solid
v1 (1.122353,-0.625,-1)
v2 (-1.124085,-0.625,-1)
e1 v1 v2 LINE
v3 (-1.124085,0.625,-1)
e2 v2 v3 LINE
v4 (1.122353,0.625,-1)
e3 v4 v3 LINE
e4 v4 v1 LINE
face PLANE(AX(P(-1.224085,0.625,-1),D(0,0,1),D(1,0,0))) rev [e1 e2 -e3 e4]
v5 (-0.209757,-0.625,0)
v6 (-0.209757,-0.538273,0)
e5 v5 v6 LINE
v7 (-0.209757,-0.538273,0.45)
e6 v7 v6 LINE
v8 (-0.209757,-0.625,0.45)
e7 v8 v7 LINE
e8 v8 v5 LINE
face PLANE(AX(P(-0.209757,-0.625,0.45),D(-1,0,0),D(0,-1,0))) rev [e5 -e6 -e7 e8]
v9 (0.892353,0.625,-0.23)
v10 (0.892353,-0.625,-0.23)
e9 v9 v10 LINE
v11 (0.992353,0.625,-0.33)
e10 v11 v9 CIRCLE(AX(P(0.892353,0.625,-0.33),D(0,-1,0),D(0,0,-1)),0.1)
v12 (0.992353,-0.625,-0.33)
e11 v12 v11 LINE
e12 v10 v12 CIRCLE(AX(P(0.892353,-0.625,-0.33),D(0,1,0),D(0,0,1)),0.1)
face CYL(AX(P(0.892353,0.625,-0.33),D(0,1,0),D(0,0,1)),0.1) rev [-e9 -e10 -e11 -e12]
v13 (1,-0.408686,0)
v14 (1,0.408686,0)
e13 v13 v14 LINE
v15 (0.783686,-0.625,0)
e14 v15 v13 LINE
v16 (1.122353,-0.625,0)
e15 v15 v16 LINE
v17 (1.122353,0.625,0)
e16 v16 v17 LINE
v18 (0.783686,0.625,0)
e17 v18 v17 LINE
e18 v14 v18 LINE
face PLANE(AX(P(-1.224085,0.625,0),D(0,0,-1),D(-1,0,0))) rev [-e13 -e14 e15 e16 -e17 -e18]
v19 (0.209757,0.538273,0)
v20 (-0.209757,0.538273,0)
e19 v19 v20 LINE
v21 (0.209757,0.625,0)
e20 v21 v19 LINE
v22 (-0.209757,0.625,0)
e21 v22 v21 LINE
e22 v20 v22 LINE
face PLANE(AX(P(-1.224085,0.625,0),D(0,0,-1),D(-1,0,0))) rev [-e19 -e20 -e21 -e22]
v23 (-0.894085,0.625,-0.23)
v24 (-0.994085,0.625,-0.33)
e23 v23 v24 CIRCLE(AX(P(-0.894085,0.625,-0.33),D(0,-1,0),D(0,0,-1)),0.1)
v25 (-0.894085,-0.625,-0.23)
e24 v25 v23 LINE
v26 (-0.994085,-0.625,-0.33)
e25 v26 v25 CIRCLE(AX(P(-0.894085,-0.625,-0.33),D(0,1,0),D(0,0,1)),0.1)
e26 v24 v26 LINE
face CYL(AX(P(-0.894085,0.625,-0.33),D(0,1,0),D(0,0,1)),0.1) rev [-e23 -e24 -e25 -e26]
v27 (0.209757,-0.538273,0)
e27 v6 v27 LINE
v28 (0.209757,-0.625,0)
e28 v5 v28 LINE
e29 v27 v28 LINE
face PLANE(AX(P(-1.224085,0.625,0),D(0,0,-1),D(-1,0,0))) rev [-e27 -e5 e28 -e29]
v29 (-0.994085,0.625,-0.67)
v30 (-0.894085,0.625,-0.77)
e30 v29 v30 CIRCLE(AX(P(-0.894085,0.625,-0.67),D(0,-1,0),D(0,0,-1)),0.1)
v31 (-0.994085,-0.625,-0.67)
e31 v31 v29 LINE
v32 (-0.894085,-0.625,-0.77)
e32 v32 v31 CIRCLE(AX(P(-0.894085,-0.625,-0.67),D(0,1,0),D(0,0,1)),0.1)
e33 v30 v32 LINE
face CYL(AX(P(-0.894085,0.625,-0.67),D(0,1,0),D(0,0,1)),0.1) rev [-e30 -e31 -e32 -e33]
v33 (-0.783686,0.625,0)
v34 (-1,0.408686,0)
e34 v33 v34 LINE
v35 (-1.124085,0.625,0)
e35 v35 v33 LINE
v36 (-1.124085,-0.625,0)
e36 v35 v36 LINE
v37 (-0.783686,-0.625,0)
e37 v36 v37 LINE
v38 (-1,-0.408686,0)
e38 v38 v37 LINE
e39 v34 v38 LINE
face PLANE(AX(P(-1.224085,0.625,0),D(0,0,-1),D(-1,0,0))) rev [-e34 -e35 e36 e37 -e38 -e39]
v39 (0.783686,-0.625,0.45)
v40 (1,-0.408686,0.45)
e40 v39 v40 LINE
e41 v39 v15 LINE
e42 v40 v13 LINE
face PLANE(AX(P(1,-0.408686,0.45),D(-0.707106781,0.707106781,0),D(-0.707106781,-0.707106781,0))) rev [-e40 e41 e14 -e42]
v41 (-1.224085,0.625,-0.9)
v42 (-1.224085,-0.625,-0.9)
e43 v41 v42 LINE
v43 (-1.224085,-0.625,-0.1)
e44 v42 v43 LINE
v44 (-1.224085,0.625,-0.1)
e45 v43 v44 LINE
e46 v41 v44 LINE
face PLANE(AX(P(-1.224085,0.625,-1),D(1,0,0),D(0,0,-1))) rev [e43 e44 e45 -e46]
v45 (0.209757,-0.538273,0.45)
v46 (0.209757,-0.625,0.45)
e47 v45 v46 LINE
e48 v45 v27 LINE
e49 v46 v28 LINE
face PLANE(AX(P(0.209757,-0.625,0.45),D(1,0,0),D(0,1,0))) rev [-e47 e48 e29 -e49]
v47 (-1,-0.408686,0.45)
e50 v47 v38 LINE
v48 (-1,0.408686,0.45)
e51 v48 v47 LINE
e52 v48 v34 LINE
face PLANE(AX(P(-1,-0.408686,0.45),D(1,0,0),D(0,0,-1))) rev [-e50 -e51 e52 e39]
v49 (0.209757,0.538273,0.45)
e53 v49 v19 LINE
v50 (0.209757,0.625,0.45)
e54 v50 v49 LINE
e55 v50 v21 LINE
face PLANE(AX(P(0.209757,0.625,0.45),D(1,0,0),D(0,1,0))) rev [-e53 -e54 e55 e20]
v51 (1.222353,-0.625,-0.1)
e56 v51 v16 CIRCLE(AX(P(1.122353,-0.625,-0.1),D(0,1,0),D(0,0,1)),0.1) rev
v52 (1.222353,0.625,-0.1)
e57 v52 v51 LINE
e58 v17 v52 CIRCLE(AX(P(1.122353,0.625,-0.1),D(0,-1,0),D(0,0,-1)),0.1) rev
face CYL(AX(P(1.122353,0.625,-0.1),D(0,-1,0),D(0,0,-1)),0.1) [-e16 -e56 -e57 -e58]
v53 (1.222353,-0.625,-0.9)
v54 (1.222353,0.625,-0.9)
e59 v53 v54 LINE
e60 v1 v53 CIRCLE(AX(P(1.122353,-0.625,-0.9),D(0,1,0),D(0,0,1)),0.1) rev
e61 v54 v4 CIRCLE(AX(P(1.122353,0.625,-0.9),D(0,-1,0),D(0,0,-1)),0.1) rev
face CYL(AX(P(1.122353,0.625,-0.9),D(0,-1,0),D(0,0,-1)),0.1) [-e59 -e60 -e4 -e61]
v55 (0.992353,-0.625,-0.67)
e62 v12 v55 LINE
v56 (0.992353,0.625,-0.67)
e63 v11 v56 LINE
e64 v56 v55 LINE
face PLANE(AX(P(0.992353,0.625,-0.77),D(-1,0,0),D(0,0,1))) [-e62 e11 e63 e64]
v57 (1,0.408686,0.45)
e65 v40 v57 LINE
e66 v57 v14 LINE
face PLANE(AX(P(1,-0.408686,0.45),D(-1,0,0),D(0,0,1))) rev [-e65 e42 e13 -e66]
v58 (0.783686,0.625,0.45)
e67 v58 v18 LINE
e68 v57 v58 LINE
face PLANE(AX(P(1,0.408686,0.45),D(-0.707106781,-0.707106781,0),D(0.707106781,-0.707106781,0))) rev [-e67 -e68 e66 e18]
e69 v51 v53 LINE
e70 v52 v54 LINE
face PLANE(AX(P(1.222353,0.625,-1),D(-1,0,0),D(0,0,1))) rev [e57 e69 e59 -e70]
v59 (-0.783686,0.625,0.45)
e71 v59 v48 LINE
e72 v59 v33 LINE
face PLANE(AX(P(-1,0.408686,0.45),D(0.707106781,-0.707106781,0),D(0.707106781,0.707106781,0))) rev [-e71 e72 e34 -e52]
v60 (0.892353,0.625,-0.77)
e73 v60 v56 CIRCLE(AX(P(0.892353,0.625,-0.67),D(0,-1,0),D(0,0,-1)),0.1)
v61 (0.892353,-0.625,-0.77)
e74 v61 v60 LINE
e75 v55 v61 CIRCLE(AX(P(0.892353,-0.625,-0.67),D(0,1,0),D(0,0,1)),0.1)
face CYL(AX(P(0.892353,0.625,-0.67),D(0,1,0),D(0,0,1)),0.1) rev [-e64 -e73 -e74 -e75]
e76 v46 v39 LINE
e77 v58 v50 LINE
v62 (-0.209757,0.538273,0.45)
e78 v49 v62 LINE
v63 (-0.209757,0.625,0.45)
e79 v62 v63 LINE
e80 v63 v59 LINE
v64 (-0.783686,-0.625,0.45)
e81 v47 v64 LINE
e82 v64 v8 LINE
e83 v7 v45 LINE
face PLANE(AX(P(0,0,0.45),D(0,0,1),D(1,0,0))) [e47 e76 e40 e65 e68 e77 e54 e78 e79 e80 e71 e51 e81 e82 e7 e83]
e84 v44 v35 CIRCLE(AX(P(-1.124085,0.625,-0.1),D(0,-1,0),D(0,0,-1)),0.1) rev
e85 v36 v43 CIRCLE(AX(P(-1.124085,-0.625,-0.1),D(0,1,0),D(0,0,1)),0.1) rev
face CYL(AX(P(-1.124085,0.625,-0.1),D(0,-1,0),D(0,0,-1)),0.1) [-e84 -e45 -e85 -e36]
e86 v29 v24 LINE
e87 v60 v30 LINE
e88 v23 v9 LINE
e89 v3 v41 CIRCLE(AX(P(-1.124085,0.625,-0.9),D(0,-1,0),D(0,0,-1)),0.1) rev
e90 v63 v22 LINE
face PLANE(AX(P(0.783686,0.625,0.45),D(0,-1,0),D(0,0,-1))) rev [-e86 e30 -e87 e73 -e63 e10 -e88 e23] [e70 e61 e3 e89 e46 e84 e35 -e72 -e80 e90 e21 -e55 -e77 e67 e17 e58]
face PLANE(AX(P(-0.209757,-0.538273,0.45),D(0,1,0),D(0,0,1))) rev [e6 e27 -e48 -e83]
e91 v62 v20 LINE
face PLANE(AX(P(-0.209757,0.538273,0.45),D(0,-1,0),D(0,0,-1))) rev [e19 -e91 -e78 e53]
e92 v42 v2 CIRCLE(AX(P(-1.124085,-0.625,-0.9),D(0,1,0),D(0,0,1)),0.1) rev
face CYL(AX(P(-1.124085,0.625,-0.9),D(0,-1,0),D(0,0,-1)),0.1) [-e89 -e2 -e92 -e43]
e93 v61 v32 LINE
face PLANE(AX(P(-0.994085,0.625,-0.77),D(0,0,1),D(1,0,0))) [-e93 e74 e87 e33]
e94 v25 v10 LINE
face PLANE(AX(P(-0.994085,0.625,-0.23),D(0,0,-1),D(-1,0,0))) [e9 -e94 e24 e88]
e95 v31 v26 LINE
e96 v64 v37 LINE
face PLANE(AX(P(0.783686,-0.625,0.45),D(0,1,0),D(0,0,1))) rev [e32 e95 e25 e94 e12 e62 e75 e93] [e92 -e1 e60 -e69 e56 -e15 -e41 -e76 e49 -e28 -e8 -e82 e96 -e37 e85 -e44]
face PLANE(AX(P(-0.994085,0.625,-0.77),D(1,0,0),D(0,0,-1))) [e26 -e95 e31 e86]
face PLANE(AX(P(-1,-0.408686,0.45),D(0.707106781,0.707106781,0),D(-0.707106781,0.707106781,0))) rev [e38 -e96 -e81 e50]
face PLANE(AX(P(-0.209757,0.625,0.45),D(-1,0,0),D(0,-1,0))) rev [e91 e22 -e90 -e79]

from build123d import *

# Parameters (mm, degrees)
BOSS_EXTRUDE1_DEPTH = 0.45
SKETCH3_W           = 2.44643867
SKETCH3_H           = 1
SKETCH3_W_2         = 1.98643867
SKETCH3_H_2         = 0.54
BOSS_EXTRUDE2_DEPTH = 0.625
FILLET1_R           = 0.1


with BuildPart() as part:
    # Sketch2 → Boss-Extrude1 (new body)
    with BuildSketch(Plane.XY):
        Polygon((-1, -0.408686365), (-1, 0.408686365), (-0.783686365, 0.625), (-0.209757083, 0.625), (-0.209757083, 0.53827251), (0.209757083, 0.53827251), (0.209757083, 0.625), (0.783686365, 0.625), (1, 0.408686365), (1, -0.408686365), (0.783686365, -0.625), (0.209757083, -0.625), (0.209757083, -0.53827251), (-0.209757083, -0.53827251), (-0.209757083, -0.625), (-0.783686365, -0.625), align=None)
    extrude(amount=BOSS_EXTRUDE1_DEPTH)

    # Sketch3 → Boss-Extrude2 (add, symmetric)
    with BuildSketch(Plane(origin=(0, 0, 0), x_dir=(1, 0, 0), z_dir=(0, 1, 0))):
        with Locations((-0.000865872, 0.5)):
            Rectangle(SKETCH3_W, SKETCH3_H)
        with Locations((-0.000865872, 0.5)):
            Rectangle(SKETCH3_W_2, SKETCH3_H_2, mode=Mode.SUBTRACT)
    extrude(amount=BOSS_EXTRUDE2_DEPTH, both=True)

    # Fillet1
    fillet1_edges = [part.edges().sort_by_distance(p)[0] for p in [
        (-1.224085207, 0, 0),
        (1.222353463, 0, 0),
        (1.222353463, 0, -1),
        (-1.224085207, 0, -1),
        (0.992353463, 0, -0.77),
        (-0.994085207, 0, -0.77),
        (-0.994085207, 0, -0.23),
        (0.992353463, 0, -0.23),
    ]]
    fillet(fillet1_edges, radius=FILLET1_R)


solid = part.part
